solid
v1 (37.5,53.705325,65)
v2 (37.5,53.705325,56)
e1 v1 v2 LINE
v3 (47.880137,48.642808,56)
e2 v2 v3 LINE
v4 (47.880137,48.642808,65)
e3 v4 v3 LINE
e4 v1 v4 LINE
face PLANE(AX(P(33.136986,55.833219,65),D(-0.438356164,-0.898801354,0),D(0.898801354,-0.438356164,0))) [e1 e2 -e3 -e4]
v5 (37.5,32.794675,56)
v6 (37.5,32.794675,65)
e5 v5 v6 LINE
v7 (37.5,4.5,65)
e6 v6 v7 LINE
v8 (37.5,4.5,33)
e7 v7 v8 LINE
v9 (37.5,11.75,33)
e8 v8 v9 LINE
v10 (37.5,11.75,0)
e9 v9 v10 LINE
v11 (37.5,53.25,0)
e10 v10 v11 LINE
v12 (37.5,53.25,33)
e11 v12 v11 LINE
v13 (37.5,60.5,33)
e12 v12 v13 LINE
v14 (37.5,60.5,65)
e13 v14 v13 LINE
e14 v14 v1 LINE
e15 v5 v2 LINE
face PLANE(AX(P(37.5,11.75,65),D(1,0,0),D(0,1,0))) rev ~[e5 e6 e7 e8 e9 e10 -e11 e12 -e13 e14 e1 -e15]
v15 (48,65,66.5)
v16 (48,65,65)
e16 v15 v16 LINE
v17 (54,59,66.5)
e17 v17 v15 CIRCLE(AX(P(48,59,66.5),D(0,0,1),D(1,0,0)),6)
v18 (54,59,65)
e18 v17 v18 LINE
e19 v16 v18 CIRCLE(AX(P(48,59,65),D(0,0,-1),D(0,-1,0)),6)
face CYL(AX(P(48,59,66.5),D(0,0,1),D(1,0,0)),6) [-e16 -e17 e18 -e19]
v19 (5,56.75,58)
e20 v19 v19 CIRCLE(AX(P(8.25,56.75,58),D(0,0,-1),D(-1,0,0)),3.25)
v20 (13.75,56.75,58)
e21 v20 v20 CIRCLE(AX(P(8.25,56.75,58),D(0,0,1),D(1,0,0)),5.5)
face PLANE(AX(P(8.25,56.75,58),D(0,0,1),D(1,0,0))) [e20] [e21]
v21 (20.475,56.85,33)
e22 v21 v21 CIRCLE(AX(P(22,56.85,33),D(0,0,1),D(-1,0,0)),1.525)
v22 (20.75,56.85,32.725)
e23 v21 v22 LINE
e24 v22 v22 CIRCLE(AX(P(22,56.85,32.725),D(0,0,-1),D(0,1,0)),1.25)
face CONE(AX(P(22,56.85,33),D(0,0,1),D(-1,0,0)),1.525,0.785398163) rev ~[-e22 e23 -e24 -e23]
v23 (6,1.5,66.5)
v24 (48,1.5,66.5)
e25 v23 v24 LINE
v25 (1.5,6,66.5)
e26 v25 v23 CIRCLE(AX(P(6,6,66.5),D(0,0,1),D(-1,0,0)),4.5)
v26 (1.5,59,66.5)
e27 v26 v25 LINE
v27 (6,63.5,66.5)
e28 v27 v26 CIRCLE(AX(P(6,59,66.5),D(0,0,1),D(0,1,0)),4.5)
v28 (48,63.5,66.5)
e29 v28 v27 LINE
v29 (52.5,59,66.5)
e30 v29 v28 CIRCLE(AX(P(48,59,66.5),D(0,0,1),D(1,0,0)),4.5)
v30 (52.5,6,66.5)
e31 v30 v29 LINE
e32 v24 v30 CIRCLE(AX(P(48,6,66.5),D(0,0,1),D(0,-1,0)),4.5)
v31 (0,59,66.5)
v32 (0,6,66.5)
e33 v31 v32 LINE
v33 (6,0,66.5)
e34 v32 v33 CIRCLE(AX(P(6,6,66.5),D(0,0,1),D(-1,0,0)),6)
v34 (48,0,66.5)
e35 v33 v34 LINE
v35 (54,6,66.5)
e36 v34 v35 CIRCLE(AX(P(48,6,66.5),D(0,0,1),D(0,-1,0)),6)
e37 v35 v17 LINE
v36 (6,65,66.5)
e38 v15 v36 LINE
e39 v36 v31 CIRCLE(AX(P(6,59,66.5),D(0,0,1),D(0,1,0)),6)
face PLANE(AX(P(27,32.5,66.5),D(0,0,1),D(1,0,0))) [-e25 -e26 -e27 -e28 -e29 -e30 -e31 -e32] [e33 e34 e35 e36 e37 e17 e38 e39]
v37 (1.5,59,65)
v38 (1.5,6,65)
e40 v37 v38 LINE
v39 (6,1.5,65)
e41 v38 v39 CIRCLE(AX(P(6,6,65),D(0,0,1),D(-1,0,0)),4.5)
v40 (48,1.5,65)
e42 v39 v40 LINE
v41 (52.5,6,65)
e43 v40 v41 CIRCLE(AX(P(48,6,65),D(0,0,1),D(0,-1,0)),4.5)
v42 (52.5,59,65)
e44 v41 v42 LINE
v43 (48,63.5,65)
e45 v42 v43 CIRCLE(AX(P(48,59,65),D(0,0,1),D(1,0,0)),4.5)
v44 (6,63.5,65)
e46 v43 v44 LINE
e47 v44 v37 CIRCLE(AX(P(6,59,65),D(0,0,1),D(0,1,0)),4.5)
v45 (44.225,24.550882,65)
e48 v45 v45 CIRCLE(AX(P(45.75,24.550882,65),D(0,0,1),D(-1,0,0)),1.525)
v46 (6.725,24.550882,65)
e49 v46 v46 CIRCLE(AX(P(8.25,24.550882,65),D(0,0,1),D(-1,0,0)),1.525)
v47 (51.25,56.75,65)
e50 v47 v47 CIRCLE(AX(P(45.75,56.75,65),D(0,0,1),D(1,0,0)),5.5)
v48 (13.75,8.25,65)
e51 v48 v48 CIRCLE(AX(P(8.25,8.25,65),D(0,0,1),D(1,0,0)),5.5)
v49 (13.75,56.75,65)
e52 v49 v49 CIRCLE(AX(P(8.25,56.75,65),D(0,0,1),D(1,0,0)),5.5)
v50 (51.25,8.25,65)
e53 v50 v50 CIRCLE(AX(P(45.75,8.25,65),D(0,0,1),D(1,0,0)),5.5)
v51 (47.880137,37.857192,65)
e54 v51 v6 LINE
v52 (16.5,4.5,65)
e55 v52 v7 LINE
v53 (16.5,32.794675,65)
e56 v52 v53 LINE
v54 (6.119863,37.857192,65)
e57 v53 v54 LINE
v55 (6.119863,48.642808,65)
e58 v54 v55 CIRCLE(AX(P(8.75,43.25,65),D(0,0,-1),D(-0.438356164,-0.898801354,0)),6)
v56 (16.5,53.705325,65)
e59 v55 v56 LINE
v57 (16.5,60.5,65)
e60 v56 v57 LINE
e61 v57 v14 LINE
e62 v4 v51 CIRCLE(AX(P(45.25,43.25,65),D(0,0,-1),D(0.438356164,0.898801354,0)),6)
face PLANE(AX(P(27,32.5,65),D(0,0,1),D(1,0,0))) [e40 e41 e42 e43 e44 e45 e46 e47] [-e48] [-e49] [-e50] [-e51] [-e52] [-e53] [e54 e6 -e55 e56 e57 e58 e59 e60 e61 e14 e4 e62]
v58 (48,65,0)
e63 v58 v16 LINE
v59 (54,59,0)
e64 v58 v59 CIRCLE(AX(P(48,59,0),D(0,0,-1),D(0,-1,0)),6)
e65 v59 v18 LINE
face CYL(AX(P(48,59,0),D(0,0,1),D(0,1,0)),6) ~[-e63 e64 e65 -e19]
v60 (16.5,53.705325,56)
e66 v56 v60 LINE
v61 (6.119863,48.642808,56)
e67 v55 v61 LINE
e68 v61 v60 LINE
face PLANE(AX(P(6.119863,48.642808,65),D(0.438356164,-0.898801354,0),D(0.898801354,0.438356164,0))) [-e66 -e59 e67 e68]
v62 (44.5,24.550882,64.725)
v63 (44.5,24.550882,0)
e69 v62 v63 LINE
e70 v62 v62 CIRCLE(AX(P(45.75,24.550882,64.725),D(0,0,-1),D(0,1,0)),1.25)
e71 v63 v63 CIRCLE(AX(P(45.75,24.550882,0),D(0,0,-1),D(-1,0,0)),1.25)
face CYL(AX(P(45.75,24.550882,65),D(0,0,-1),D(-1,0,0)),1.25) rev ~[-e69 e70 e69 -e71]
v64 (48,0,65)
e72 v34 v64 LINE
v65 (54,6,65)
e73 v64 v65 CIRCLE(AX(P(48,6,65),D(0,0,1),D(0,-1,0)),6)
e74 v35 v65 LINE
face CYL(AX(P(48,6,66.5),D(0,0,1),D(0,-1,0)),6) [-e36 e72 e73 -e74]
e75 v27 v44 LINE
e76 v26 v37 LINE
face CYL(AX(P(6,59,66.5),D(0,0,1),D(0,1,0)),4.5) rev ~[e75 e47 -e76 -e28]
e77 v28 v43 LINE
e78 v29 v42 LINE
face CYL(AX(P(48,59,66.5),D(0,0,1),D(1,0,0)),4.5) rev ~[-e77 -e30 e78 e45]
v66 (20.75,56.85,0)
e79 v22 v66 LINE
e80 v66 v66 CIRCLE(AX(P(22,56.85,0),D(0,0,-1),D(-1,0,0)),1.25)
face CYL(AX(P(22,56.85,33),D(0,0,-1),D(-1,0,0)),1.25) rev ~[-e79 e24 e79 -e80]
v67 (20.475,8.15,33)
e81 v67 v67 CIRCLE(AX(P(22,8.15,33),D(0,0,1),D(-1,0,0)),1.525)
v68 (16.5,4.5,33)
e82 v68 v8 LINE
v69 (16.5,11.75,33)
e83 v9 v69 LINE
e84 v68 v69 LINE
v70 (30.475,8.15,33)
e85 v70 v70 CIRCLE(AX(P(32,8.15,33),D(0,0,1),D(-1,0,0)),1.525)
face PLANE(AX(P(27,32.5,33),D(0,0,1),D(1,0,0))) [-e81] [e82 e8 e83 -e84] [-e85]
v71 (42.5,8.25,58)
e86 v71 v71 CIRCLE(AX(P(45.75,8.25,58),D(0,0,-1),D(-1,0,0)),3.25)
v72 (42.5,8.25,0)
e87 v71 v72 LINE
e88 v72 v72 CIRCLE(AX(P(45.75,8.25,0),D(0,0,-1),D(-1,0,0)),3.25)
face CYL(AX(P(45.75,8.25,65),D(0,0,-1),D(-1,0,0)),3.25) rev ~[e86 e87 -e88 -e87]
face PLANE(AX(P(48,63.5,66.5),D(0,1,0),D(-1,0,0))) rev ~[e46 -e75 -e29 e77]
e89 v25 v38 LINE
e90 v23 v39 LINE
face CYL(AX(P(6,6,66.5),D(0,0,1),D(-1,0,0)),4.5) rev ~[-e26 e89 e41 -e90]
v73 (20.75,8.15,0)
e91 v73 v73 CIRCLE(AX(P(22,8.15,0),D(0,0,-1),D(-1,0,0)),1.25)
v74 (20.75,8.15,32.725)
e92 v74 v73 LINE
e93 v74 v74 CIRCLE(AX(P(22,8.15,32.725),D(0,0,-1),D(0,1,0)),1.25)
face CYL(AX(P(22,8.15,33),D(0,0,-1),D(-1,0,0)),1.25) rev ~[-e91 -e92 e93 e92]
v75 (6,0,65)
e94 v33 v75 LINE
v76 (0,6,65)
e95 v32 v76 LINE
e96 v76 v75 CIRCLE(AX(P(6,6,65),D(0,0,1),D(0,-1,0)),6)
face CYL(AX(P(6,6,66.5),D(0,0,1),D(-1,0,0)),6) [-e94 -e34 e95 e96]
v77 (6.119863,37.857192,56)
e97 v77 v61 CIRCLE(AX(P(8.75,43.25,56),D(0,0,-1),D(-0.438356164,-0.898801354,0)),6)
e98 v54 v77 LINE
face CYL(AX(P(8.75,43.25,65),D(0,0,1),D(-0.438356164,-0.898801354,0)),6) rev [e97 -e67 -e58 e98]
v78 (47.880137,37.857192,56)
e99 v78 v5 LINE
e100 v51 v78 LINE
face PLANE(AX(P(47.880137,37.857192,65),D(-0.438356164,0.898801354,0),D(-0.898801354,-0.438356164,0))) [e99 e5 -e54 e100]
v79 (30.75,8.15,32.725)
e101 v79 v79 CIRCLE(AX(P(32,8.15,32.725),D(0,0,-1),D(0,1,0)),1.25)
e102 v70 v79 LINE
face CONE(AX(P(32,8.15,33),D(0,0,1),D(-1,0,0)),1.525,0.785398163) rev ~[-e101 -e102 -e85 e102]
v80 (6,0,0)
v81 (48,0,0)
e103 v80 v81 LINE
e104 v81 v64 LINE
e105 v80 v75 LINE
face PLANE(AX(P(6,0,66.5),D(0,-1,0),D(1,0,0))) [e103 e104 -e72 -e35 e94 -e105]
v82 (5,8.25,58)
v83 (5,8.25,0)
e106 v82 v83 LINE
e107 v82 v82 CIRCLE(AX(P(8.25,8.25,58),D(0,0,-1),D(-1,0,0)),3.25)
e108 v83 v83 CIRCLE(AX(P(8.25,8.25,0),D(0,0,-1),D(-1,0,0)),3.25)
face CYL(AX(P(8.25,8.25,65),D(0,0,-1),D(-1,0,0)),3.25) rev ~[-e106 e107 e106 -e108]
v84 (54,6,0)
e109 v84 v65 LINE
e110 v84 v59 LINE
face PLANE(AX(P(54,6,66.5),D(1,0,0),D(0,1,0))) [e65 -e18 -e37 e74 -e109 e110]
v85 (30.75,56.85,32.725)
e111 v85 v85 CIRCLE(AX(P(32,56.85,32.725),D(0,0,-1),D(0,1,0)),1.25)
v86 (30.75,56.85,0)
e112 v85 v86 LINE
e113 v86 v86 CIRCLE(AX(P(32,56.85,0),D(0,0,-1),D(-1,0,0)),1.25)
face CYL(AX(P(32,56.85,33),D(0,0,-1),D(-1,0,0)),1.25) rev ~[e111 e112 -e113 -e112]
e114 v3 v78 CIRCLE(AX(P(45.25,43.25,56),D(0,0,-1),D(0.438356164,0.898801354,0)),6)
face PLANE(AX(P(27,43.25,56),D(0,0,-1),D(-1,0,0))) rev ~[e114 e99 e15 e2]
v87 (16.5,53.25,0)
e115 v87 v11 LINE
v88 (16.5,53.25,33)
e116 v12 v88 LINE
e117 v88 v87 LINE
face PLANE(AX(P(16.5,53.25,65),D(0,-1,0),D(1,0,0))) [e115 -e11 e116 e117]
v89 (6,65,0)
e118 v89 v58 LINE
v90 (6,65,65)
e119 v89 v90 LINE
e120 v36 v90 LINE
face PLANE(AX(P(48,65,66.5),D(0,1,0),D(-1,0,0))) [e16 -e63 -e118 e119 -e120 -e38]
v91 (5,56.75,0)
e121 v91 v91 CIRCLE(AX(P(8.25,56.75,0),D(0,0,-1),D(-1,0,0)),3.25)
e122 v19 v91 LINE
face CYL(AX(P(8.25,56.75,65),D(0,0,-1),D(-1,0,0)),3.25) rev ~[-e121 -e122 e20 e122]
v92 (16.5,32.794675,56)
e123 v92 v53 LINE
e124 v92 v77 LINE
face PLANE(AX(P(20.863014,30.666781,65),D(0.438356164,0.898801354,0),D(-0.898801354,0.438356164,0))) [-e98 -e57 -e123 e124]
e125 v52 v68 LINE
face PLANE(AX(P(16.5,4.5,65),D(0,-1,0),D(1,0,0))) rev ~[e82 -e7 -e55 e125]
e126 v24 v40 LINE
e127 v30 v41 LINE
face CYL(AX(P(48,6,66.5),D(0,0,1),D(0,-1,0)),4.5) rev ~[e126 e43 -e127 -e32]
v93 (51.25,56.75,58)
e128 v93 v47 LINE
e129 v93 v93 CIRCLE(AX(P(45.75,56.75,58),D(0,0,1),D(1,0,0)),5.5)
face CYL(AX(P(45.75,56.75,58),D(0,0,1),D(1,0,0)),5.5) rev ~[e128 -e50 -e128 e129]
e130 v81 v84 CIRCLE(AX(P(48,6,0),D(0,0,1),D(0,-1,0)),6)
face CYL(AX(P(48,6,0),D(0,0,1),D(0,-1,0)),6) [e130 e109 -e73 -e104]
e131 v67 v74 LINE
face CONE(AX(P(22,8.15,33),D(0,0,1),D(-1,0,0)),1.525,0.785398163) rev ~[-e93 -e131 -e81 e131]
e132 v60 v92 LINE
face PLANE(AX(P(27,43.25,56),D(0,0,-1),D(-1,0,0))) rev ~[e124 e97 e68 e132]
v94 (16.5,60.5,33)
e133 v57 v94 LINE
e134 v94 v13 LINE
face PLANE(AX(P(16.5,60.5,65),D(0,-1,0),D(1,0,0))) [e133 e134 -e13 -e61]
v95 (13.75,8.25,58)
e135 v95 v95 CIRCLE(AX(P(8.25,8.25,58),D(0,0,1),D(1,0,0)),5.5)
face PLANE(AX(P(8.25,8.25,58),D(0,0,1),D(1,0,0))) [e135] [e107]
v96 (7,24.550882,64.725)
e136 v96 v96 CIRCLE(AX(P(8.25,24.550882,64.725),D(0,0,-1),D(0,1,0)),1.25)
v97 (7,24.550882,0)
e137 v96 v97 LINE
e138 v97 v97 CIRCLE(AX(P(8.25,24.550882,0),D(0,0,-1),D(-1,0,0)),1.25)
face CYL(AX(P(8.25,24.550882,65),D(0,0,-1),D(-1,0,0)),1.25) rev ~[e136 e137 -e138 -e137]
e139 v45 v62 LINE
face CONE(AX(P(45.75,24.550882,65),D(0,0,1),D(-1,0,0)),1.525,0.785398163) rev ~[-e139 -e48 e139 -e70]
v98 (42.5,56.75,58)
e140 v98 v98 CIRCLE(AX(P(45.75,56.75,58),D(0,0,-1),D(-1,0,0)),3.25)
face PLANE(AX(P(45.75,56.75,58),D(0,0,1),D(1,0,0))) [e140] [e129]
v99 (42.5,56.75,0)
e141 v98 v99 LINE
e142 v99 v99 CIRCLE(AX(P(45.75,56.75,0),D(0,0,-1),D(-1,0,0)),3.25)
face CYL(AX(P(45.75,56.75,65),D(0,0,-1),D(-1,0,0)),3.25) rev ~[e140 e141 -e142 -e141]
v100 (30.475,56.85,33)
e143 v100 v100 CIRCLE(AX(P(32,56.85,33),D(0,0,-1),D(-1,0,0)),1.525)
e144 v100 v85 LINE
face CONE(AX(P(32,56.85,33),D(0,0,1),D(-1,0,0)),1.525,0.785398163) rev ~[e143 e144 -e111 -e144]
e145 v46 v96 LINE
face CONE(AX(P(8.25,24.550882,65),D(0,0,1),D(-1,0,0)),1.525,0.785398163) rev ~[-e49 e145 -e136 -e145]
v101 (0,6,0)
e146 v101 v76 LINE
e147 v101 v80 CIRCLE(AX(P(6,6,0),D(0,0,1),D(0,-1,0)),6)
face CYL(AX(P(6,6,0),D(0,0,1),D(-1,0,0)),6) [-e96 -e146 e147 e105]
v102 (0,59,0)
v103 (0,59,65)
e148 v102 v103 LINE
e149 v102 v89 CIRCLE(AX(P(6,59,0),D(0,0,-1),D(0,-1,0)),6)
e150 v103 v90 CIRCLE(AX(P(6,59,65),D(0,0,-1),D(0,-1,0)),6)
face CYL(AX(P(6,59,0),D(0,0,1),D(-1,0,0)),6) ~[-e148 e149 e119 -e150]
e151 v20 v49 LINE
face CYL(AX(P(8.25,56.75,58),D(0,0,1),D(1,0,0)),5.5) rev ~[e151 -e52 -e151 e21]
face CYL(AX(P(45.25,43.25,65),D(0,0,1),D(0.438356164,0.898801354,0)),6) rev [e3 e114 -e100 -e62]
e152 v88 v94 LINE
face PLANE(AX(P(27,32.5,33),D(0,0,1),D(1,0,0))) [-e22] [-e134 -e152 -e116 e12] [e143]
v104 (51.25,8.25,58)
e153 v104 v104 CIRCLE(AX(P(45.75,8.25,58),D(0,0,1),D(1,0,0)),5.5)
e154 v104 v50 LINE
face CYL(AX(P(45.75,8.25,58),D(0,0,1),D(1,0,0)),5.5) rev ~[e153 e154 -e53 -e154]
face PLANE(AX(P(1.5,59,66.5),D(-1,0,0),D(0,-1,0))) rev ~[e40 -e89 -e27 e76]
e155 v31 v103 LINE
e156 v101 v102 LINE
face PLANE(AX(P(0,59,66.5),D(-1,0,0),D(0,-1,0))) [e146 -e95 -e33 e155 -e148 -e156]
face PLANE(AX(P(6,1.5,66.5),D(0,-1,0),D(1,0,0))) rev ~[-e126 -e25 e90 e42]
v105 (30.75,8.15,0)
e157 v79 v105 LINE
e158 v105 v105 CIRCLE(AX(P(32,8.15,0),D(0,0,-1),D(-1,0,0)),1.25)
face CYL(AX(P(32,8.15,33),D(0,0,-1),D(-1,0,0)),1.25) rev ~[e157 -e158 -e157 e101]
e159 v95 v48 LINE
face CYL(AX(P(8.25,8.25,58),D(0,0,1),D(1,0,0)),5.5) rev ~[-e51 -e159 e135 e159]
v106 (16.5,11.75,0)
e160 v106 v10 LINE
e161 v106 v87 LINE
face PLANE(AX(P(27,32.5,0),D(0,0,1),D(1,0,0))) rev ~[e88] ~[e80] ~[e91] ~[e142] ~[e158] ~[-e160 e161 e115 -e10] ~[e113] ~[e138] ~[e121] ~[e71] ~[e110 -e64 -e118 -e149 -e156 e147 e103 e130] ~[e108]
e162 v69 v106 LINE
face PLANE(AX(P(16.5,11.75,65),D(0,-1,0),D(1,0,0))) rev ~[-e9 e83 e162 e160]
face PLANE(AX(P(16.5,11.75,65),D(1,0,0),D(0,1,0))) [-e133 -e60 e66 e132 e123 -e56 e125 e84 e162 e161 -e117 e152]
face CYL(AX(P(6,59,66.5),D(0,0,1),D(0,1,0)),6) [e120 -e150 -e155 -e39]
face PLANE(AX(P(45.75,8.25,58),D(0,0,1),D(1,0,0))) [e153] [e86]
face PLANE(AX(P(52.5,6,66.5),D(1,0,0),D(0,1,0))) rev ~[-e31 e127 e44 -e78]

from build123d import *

# Parameters (mm, degrees)
SKETCH1_W                   = 54
SKETCH1_H                   = 65
BOSS_EXTRUDE1_DEPTH         = 65
SKETCH2_W                   = 21
SKETCH2_H                   = 41.5
CUT_EXTRUDE1_DEPTH          = 107.611444039
FILLET1_R                   = 6
SKETCH3_W                   = 21
SKETCH3_H                   = 56
CUT_EXTRUDE2_DEPTH          = 32
CUT_EXTRUDE_THIN3_DEPTH     = 9
CUT_EXTRUDE3_DEPTH          = 9
M3_TAPPED_HOLE1_D           = 2.5
M3_TAPPED_HOLE1_CSINK_D     = 3.05
M3_TAPPED_HOLE1_CSINK_ANGLE = 90
HOLE1_D                     = 6.5
HOLE1_CBORE_D               = 11
HOLE1_CBORE_DEPTH           = 7
EXTRUDE_THIN1_START         = 1.5
EXTRUDE_THIN1_DEPTH         = 1.5
M3_TAPPED_HOLE2_D           = 2.5
M3_TAPPED_HOLE2_CSINK_D     = 3.05
M3_TAPPED_HOLE2_CSINK_ANGLE = 90


with BuildPart() as part:
    # Sketch1 → Boss-Extrude1 (new body)
    with BuildSketch(Plane.XY):
        with Locations((27, 32.5)):
            Rectangle(SKETCH1_W, SKETCH1_H)
    extrude(amount=BOSS_EXTRUDE1_DEPTH)

    # Sketch2 → Cut-Extrude1 (cut, through all)
    with BuildSketch(Plane.XY.offset(65)):
        with Locations((27, 32.5)):
            Rectangle(SKETCH2_W, SKETCH2_H)
    extrude(amount=-CUT_EXTRUDE1_DEPTH, mode=Mode.SUBTRACT)

    # Fillet1
    fillet1_edges = [part.edges().sort_by_distance(p)[0] for p in [
        (0, 65, 32.5),
        (0, 0, 32.5),
        (54, 0, 32.5),
        (54, 65, 32.5),
    ]]
    fillet(fillet1_edges, radius=FILLET1_R)

    # Sketch3 → Cut-Extrude2 (cut)
    with BuildSketch(Plane.XY.offset(65)):
        with Locations((27, 32.5)):
            Rectangle(SKETCH3_W, SKETCH3_H)
    extrude(amount=-CUT_EXTRUDE2_DEPTH, mode=Mode.SUBTRACT)

    # Sketch4 → Cut-Extrude-Thin3 (cut)
    with BuildSketch(Plane.XY.offset(65)):
        with BuildLine():
            Line((6.119863014, 48.642808121), (20.863013699, 55.83321895))
            ThreePointArc((20.863013699, 55.83321895), (27, 57.25), (33.136986301, 55.83321895))
            Line((33.136986301, 55.83321895), (47.880136986, 48.642808121))
            ThreePointArc((47.880136986, 48.642808121), (51.25, 43.25), (47.880136986, 37.857191879))
            Line((47.880136986, 37.857191879), (33.136986301, 30.66678105))
            ThreePointArc((33.136986301, 30.66678105), (27, 29.25), (20.863013699, 30.66678105))
            Line((20.863013699, 30.66678105), (6.119863014, 37.857191879))
            ThreePointArc((6.119863014, 37.857191879), (2.75, 43.25), (6.119863014, 48.642808121))
        make_face()
        with BuildLine():
            Line((6.339041096, 48.193407445), (21.082191781, 55.383818273))
            ThreePointArc((21.082191781, 55.383818273), (27, 56.75), (32.917808219, 55.383818273))
            Line((32.917808219, 55.383818273), (47.660958904, 48.193407445))
            ThreePointArc((47.660958904, 48.193407445), (50.75, 43.25), (47.660958904, 38.306592555))
            Line((47.660958904, 38.306592555), (32.917808219, 31.116181727))
            ThreePointArc((32.917808219, 31.116181727), (27, 29.75), (21.082191781, 31.116181727))
            Line((21.082191781, 31.116181727), (6.339041096, 38.306592555))
            ThreePointArc((6.339041096, 38.306592555), (3.25, 43.25), (6.339041096, 48.193407445))
        make_face(mode=Mode.SUBTRACT)
    extrude(amount=-CUT_EXTRUDE_THIN3_DEPTH, mode=Mode.SUBTRACT)

    # Sketch4<3> → Cut-Extrude3 (cut)
    with BuildSketch(Plane.XY.offset(65)):
        with BuildLine():
            Line((32.917808219, 55.383818273), (47.660958904, 48.193407445))
            ThreePointArc((47.660958904, 48.193407445), (50.75, 43.25), (47.660958904, 38.306592555))
            Line((47.660958904, 38.306592555), (32.917808219, 31.116181727))
            ThreePointArc((32.917808219, 31.116181727), (27, 29.75), (21.082191781, 31.116181727))
            Line((21.082191781, 31.116181727), (6.339041096, 38.306592555))
            ThreePointArc((6.339041096, 38.306592555), (3.25, 43.25), (6.339041096, 48.193407445))
            Line((6.339041096, 48.193407445), (21.082191781, 55.383818273))
            ThreePointArc((21.082191781, 55.383818273), (27, 56.75), (32.917808219, 55.383818273))
        make_face()
    extrude(amount=-CUT_EXTRUDE3_DEPTH, mode=Mode.SUBTRACT)

    # M3 Tapped Hole1 (through all)
    with Locations(Plane(origin=(22, 56.85, 33), x_dir=(1, 0, 0), z_dir=(0, 0, 1))):
        with Locations((0, 0), (10, 0), (10, -48.7), (0, -48.7)):
            CounterSinkHole(M3_TAPPED_HOLE1_D / 2, M3_TAPPED_HOLE1_CSINK_D / 2, counter_sink_angle=M3_TAPPED_HOLE1_CSINK_ANGLE)

    # Hole1 (through all)
    with Locations(Plane(origin=(8.25, 56.75, 65), x_dir=(1, 0, 0), z_dir=(0, 0, 1))):
        with Locations((0, 0), (37.5, 0), (37.5, -48.5), (0, -48.5)):
            CounterBoreHole(HOLE1_D / 2, HOLE1_CBORE_D / 2, HOLE1_CBORE_DEPTH)

    # Sketch10 → Extrude-Thin1 (add)
    with BuildSketch(Plane.XY.offset(65).offset(EXTRUDE_THIN1_START)):
        with BuildLine():
            Line((48, 65), (6, 65))
            ThreePointArc((6, 65), (1.757359313, 63.242640687), (0, 59))
            Line((0, 59), (0, 6))
            ThreePointArc((0, 6), (1.757359313, 1.757359313), (6, 0))
            Line((6, 0), (48, 0))
            ThreePointArc((48, 0), (52.242640687, 1.757359313), (54, 6))
            Line((54, 6), (54, 59))
            ThreePointArc((54, 59), (52.242640687, 63.242640687), (48, 65))
        make_face()
        with BuildLine():
            Line((48, 63.5), (6, 63.5))
            ThreePointArc((6, 63.5), (2.818019485, 62.181980515), (1.5, 59))
            Line((1.5, 59), (1.5, 6))
            ThreePointArc((1.5, 6), (2.818019485, 2.818019485), (6, 1.5))
            Line((6, 1.5), (48, 1.5))
            ThreePointArc((48, 1.5), (51.181980515, 2.818019485), (52.5, 6))
            Line((52.5, 6), (52.5, 59))
            ThreePointArc((52.5, 59), (51.181980515, 62.181980515), (48, 63.5))
        make_face(mode=Mode.SUBTRACT)
    extrude(amount=-EXTRUDE_THIN1_DEPTH)

    # M3 Tapped Hole2 (through all)
    with Locations(Plane(origin=(8.25, 24.550881691, 65), x_dir=(1, 0, 0), z_dir=(0, 0, 1))):
        with Locations((0, 0), (37.5, 0)):
            CounterSinkHole(M3_TAPPED_HOLE2_D / 2, M3_TAPPED_HOLE2_CSINK_D / 2, counter_sink_angle=M3_TAPPED_HOLE2_CSINK_ANGLE)


solid = part.part
